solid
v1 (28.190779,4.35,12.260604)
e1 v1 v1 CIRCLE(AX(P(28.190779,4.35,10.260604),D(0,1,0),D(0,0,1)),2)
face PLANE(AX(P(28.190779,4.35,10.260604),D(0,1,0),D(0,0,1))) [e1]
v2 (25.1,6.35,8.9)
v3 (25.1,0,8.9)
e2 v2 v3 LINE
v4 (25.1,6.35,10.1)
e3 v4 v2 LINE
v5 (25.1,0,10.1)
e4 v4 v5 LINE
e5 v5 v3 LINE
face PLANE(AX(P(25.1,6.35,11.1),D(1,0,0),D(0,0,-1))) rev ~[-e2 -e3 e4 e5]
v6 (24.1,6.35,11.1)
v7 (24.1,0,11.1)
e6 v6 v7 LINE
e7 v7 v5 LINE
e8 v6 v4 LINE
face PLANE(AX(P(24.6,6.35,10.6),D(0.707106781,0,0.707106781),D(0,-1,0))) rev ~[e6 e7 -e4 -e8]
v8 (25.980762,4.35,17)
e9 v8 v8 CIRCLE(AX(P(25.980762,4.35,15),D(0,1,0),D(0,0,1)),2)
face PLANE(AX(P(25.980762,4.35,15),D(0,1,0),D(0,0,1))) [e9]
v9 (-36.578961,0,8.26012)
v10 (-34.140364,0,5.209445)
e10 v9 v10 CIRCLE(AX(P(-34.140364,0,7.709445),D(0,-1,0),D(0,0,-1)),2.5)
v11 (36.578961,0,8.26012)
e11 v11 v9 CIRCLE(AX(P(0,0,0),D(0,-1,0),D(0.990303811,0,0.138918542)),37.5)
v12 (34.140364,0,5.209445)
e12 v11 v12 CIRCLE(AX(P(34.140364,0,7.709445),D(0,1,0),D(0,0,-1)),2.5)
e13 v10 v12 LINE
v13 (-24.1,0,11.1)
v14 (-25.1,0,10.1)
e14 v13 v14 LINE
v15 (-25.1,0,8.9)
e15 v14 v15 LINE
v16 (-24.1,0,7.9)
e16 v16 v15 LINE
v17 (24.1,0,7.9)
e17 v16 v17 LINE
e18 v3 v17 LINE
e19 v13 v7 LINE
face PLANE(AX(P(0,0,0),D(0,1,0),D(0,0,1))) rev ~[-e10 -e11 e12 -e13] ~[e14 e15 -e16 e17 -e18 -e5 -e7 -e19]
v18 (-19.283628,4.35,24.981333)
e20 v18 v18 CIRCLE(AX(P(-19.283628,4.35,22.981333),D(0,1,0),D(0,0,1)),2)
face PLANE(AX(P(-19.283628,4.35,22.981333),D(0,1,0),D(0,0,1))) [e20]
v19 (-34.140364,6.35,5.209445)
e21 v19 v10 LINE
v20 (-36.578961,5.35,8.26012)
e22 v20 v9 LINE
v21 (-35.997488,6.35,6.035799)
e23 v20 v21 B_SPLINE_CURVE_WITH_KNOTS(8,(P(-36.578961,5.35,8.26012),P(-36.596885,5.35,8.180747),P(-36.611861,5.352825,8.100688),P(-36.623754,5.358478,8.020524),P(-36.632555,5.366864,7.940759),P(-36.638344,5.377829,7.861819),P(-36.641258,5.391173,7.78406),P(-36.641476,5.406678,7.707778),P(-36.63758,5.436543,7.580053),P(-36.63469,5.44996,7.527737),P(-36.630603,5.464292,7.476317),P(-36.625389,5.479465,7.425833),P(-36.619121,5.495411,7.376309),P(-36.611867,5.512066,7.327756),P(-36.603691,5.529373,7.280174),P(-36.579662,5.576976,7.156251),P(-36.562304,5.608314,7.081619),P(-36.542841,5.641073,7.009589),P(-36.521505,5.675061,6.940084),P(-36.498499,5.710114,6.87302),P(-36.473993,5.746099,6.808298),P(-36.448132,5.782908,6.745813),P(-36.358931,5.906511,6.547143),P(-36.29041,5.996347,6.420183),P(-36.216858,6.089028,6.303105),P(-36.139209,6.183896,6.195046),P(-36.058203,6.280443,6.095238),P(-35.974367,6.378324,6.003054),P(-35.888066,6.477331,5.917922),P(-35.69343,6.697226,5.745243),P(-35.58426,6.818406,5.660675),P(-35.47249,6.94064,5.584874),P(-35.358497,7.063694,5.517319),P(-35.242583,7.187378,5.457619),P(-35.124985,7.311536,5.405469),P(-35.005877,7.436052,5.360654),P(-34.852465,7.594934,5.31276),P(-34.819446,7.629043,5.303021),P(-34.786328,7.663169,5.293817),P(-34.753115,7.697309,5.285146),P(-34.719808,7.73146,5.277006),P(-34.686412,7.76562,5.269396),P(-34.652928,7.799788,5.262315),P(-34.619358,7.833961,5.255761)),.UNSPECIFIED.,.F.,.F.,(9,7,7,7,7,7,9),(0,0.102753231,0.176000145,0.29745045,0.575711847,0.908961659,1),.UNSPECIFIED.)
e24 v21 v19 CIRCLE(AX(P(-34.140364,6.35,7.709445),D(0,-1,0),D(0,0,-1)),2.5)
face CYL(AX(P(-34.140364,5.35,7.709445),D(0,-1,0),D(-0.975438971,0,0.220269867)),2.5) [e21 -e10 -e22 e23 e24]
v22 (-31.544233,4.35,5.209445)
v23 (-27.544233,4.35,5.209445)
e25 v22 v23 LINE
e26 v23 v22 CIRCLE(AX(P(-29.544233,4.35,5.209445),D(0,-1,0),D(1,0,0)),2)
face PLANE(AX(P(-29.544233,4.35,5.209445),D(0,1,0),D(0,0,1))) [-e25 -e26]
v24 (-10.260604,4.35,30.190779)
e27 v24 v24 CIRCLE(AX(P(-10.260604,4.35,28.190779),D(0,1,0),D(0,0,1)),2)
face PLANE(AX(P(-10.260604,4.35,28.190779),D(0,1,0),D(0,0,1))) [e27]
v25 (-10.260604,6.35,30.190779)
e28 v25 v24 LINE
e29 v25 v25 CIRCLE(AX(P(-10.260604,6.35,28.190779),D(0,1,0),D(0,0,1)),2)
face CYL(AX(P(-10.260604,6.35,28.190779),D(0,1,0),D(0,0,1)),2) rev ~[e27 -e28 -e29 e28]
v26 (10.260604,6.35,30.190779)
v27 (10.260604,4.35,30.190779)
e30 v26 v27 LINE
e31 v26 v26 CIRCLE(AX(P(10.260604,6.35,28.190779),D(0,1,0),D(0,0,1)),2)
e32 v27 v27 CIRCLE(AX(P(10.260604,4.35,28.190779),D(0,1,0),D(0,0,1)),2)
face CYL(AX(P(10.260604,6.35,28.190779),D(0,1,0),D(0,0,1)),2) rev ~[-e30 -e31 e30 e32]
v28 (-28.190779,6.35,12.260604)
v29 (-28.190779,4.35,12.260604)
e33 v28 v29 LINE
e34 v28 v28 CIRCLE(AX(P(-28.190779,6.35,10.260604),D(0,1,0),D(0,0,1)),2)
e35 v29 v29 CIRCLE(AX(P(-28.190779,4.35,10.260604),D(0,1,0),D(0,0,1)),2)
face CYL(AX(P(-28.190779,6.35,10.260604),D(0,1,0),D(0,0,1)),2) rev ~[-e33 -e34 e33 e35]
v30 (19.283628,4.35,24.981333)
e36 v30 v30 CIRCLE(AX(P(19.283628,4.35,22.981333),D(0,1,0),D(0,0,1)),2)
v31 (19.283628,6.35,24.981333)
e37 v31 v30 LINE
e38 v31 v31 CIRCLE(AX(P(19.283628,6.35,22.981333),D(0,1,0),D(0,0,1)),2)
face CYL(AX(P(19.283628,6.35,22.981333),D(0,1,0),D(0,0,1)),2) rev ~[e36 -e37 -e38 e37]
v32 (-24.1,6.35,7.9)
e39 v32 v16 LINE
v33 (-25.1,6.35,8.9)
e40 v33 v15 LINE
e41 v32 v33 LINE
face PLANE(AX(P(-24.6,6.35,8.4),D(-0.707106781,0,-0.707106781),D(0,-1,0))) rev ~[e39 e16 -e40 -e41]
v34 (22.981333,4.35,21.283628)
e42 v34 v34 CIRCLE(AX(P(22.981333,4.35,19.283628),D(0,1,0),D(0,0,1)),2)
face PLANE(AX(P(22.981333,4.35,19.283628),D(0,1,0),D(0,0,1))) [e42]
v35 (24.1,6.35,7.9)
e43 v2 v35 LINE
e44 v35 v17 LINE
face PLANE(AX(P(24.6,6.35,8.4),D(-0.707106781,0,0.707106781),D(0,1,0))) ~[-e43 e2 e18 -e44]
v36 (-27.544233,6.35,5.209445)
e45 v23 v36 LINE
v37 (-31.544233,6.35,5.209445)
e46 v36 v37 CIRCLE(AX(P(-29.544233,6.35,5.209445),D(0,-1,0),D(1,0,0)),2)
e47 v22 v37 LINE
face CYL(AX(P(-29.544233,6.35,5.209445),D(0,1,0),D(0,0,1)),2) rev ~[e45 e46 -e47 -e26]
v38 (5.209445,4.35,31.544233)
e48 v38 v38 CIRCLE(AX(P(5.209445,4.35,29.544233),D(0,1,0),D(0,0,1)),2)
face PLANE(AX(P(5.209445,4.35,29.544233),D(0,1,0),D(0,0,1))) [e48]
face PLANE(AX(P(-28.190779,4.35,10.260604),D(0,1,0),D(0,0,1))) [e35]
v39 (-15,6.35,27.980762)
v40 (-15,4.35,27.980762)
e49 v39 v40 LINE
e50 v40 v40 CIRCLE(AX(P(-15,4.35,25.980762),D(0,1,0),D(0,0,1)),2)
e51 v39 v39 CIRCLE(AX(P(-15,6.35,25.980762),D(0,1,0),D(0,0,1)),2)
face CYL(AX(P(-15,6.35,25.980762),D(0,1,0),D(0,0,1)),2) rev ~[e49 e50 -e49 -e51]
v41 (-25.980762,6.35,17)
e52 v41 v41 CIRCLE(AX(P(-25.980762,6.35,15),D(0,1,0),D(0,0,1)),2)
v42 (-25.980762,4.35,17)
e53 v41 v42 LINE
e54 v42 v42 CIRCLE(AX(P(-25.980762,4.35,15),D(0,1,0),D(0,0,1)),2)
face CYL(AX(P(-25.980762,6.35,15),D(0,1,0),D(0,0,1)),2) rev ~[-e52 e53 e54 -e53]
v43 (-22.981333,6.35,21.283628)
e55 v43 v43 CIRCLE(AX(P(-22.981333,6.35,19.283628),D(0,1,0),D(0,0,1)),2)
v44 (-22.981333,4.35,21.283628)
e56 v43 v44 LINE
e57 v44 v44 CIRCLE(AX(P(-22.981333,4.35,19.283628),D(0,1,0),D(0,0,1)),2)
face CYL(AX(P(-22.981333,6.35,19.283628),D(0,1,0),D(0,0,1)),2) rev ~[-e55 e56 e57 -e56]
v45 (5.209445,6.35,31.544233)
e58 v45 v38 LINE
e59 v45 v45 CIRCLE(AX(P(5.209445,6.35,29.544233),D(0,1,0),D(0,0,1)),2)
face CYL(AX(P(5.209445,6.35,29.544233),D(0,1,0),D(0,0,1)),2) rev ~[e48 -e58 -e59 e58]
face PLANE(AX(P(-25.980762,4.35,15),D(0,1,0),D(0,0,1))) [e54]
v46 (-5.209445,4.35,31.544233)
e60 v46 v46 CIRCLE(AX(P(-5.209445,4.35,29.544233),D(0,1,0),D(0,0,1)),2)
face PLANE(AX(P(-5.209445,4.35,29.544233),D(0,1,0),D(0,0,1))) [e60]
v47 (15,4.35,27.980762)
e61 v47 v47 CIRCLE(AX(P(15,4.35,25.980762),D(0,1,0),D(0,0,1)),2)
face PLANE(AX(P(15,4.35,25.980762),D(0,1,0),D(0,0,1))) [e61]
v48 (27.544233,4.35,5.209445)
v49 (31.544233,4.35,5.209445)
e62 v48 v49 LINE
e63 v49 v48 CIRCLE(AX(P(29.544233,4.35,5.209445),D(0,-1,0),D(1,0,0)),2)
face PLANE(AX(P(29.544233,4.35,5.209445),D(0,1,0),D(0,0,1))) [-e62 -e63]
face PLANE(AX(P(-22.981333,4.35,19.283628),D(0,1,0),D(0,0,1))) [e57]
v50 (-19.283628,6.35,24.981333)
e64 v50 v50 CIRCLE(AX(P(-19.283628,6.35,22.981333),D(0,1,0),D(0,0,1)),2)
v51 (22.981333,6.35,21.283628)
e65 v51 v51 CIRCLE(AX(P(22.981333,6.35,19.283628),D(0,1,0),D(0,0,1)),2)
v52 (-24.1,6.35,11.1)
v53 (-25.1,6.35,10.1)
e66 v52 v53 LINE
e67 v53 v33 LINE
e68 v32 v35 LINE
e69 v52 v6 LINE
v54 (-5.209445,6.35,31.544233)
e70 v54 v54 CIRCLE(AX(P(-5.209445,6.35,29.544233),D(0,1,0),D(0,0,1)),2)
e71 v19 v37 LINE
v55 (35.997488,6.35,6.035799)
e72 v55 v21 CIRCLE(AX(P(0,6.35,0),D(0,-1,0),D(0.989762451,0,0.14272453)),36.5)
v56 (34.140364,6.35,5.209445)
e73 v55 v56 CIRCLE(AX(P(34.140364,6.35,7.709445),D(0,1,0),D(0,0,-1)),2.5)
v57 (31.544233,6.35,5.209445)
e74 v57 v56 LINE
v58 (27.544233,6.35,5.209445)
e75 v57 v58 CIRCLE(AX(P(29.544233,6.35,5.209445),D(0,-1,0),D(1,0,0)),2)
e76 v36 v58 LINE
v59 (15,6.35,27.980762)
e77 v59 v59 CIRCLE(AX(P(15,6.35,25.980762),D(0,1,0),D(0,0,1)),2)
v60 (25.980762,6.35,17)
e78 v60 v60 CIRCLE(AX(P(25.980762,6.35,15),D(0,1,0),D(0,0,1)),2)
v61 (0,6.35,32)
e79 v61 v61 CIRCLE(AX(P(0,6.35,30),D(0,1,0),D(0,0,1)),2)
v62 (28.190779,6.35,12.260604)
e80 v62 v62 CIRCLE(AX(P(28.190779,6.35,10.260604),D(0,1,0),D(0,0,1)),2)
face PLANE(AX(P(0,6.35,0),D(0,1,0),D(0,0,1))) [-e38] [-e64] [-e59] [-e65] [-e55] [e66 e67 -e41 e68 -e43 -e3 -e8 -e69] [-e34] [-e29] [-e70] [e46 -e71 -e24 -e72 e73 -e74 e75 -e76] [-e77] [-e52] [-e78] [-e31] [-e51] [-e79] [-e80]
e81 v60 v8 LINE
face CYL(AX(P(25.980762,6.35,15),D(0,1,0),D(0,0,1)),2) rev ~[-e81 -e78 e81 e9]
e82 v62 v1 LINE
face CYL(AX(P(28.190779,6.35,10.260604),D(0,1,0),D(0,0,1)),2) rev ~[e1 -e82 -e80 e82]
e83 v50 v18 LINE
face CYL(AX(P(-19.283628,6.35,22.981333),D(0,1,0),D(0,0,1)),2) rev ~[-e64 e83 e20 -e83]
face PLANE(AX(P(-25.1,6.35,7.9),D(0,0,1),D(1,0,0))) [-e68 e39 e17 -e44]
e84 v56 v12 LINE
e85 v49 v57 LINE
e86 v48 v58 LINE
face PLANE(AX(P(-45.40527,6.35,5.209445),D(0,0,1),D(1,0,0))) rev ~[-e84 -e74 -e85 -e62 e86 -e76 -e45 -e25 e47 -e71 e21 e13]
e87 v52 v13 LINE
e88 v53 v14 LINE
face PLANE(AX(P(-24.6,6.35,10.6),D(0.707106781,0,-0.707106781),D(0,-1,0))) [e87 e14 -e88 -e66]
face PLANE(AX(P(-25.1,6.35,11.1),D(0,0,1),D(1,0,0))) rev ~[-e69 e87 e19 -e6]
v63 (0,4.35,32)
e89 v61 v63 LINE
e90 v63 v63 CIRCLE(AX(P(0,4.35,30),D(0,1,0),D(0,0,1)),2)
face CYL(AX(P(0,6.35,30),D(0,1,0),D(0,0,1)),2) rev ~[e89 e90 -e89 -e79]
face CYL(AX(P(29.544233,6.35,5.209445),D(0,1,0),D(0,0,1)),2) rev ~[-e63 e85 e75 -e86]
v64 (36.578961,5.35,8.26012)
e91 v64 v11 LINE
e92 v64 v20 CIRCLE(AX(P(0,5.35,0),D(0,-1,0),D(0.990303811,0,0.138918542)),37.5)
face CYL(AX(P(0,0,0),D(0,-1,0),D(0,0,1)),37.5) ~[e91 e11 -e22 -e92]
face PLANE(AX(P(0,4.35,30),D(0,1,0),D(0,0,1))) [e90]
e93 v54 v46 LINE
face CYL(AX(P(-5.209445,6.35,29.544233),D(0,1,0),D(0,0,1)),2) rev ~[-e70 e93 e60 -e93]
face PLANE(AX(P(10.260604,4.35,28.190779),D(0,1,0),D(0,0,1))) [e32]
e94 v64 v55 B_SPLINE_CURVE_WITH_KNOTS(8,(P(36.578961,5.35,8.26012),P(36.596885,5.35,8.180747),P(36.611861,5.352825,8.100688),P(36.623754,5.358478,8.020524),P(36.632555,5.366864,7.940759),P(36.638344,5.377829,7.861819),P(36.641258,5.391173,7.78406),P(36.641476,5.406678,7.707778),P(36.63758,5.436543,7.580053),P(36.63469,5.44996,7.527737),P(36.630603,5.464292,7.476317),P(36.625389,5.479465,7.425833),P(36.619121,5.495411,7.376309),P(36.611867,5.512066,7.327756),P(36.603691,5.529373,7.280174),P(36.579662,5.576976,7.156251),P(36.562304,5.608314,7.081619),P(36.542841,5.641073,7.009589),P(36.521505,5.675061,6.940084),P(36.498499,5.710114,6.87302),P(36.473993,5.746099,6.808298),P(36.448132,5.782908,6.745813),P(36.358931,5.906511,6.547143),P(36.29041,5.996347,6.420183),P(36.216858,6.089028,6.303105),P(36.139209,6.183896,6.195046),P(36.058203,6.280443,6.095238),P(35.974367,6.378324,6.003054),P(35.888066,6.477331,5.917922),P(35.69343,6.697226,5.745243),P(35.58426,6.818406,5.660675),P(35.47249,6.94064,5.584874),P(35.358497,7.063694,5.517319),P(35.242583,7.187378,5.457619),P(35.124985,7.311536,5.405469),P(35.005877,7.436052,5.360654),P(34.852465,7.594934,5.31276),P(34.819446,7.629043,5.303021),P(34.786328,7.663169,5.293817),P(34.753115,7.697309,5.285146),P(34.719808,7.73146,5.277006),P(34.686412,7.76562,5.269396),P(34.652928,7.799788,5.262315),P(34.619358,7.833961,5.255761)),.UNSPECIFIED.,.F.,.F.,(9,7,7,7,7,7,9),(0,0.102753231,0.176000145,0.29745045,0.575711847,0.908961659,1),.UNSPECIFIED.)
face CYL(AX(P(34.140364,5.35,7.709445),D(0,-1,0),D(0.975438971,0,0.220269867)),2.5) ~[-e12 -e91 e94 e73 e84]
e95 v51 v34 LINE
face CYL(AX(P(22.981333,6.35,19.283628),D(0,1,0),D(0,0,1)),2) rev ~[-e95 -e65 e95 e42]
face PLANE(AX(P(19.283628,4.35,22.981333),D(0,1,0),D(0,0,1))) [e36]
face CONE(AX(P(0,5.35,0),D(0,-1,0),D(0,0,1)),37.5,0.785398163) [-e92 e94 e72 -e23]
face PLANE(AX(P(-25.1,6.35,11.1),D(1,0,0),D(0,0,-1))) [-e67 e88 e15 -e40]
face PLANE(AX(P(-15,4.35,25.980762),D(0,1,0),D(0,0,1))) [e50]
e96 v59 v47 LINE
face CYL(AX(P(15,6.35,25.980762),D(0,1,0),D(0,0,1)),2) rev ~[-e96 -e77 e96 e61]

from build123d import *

# Parameters (mm, degrees)
SKETCH1_R                 = 37.5
BOSS_EXTRUDE1_DEPTH       = 6.35
SKETCH2_R                 = 2
CUT_EXTRUDE1_DEPTH        = 2
M6X1_0_TAPPED_HOLE1_D     = 5
M6X1_0_TAPPED_HOLE1_DEPTH = 15
M6X1_0_TAPPED_HOLE1_TIP   = 1.502151548
CHAMFER1_SIZE             = 1
SKETCH6_W                 = 50.2
SKETCH6_H                 = 3.2
CUT_EXTRUDE2_DEPTH        = 10
CHAMFER2_SIZE             = 1
CUT_EXTRUDE3_DEPTH        = 18
FILLET1_R                 = 2.5


with BuildPart() as part:
    # Sketch1 → Boss-Extrude1 (new body)
    with BuildSketch(Plane(origin=(0, 0, 0), x_dir=(1, 0, 0), z_dir=(0, 1, 0))):
        with Locations(Location((0, 0, 0), (0, 0, 270))):
            Circle(SKETCH1_R)
    extrude(amount=BOSS_EXTRUDE1_DEPTH)

    # Sketch2 → Cut-Extrude1 (cut)
    with BuildSketch(Plane(origin=(0, 6.35, 0), x_dir=(1, 0, 0), z_dir=(0, 1, 0))):
        with Locations(Location((0, 30, 0), (0, 0, 270))):
            Circle(SKETCH2_R)
        with Locations(Location((5.20944533, 29.54423259, 0), (0, 0, 270))):
            Circle(SKETCH2_R)
        with Locations(Location((10.2606043, 28.190778624, 0), (0, 0, 270))):
            Circle(SKETCH2_R)
        with Locations(Location((15, 25.980762114, 0), (0, 0, 270))):
            Circle(SKETCH2_R)
        with Locations(Location((19.283628291, 22.981333294, 0), (0, 0, 270))):
            Circle(SKETCH2_R)
        with Locations(Location((22.981333294, 19.283628291, 0), (0, 0, 270))):
            Circle(SKETCH2_R)
        with Locations(Location((25.980762114, 15, 0), (0, 0, 270))):
            Circle(SKETCH2_R)
        with Locations(Location((28.190778624, 10.2606043, 0), (0, 0, 270))):
            Circle(SKETCH2_R)
        with Locations(Location((29.54423259, 5.20944533, 0), (0, 0, 270))):
            Circle(SKETCH2_R)
        with Locations(Location((30, 0, 0), (0, 0, 270))):
            Circle(SKETCH2_R)
        with Locations(Location((29.54423259, -5.20944533, 0), (0, 0, 270))):
            Circle(SKETCH2_R)
        with Locations(Location((28.190778624, -10.2606043, 0), (0, 0, 270))):
            Circle(SKETCH2_R)
        with Locations(Location((25.980762114, -15, 0), (0, 0, 270))):
            Circle(SKETCH2_R)
        with Locations(Location((22.981333294, -19.283628291, 0), (0, 0, 270))):
            Circle(SKETCH2_R)
        with Locations(Location((19.283628291, -22.981333294, 0), (0, 0, 270))):
            Circle(SKETCH2_R)
        with Locations(Location((15, -25.980762114, 0), (0, 0, 270))):
            Circle(SKETCH2_R)
        with Locations(Location((10.2606043, -28.190778624, 0), (0, 0, 270))):
            Circle(SKETCH2_R)
        with Locations(Location((5.20944533, -29.54423259, 0), (0, 0, 270))):
            Circle(SKETCH2_R)
        with Locations(Location((0, -30, 0), (0, 0, 270))):
            Circle(SKETCH2_R)
        with Locations(Location((-5.20944533, -29.54423259, 0), (0, 0, 270))):
            Circle(SKETCH2_R)
        with Locations(Location((-10.2606043, -28.190778624, 0), (0, 0, 270))):
            Circle(SKETCH2_R)
        with Locations(Location((-15, -25.980762114, 0), (0, 0, 270))):
            Circle(SKETCH2_R)
        with Locations(Location((-19.283628291, -22.981333294, 0), (0, 0, 270))):
            Circle(SKETCH2_R)
        with Locations(Location((-22.981333294, -19.283628291, 0), (0, 0, 270))):
            Circle(SKETCH2_R)
        with Locations(Location((-25.980762114, -15, 0), (0, 0, 270))):
            Circle(SKETCH2_R)
        with Locations(Location((-28.190778624, -10.2606043, 0), (0, 0, 270))):
            Circle(SKETCH2_R)
        with Locations(Location((-29.54423259, -5.20944533, 0), (0, 0, 270))):
            Circle(SKETCH2_R)
        with Locations(Location((-30, 0, 0), (0, 0, 270))):
            Circle(SKETCH2_R)
        with Locations(Location((-29.54423259, 5.20944533, 0), (0, 0, 270))):
            Circle(SKETCH2_R)
        with Locations(Location((-28.190778624, 10.2606043, 0), (0, 0, 270))):
            Circle(SKETCH2_R)
        with Locations(Location((-25.980762114, 15, 0), (0, 0, 270))):
            Circle(SKETCH2_R)
        with Locations(Location((-22.981333294, 19.283628291, 0), (0, 0, 270))):
            Circle(SKETCH2_R)
        with Locations(Location((-19.283628291, 22.981333294, 0), (0, 0, 270))):
            Circle(SKETCH2_R)
        with Locations(Location((-15, 25.980762114, 0), (0, 0, 270))):
            Circle(SKETCH2_R)
        with Locations(Location((-10.2606043, 28.190778624, 0), (0, 0, 270))):
            Circle(SKETCH2_R)
        with Locations(Location((-5.20944533, 29.54423259, 0), (0, 0, 270))):
            Circle(SKETCH2_R)
    extrude(amount=-CUT_EXTRUDE1_DEPTH, mode=Mode.SUBTRACT)

    # M6x1.0 Tapped Hole1
    with Locations(Plane(origin=(0, 6.35, 0), x_dir=(1, 0, 0), z_dir=(0, 1, 0))):
        with Locations((0, 0)):
            Hole(M6X1_0_TAPPED_HOLE1_D / 2, depth=M6X1_0_TAPPED_HOLE1_DEPTH)
            with Locations((0, 0, -(M6X1_0_TAPPED_HOLE1_DEPTH + M6X1_0_TAPPED_HOLE1_TIP / 2))):  # 118° drill point
                Cone(0, M6X1_0_TAPPED_HOLE1_D / 2, M6X1_0_TAPPED_HOLE1_TIP, mode=Mode.SUBTRACT)

    # Chamfer1
    chamfer1_edges = [part.edges().sort_by_distance(p)[0] for p in [
        (0, 6.35, -37.5),
    ]]
    chamfer(chamfer1_edges, length=CHAMFER1_SIZE)

    # Sketch6 → Cut-Extrude2 (cut)
    with BuildSketch(Plane(origin=(0, 6.35, 0), x_dir=(1, 0, 0), z_dir=(0, 1, 0))):
        with Locations((0, -9.5)):
            Rectangle(SKETCH6_W, SKETCH6_H)
    extrude(amount=-CUT_EXTRUDE2_DEPTH, mode=Mode.SUBTRACT)

    # Chamfer2
    chamfer2_edges = [part.edges().sort_by_distance(p)[0] for p in [
        (25.1, 3.175, 7.9),
        (25.1, 3.175, 11.1),
        (-25.1, 3.175, 11.1),
        (-25.1, 3.175, 7.9),
    ]]
    chamfer(chamfer2_edges, length=CHAMFER2_SIZE)

    # Sketch7 → Cut-Extrude3 (cut)
    with BuildSketch(Plane(origin=(0, 6.35, 0), x_dir=(1, 0, 0), z_dir=(0, 1, 0))):
        Polygon((-45.405269777, -5.20944533), (48.202750853, -5.20944533), (48.202750853, 45.076127107), (-45.405269777, 43.569791143), align=None)
    extrude(amount=-CUT_EXTRUDE3_DEPTH, mode=Mode.SUBTRACT)

    # Fillet1
    fillet1_edges = [part.edges().sort_by_distance(p)[0] for p in [
        (37.136392923, 2.675, 5.20944533),
        (-37.136392923, 2.675, 5.20944533),
    ]]
    fillet(fillet1_edges, radius=FILLET1_R)


solid = part.part
